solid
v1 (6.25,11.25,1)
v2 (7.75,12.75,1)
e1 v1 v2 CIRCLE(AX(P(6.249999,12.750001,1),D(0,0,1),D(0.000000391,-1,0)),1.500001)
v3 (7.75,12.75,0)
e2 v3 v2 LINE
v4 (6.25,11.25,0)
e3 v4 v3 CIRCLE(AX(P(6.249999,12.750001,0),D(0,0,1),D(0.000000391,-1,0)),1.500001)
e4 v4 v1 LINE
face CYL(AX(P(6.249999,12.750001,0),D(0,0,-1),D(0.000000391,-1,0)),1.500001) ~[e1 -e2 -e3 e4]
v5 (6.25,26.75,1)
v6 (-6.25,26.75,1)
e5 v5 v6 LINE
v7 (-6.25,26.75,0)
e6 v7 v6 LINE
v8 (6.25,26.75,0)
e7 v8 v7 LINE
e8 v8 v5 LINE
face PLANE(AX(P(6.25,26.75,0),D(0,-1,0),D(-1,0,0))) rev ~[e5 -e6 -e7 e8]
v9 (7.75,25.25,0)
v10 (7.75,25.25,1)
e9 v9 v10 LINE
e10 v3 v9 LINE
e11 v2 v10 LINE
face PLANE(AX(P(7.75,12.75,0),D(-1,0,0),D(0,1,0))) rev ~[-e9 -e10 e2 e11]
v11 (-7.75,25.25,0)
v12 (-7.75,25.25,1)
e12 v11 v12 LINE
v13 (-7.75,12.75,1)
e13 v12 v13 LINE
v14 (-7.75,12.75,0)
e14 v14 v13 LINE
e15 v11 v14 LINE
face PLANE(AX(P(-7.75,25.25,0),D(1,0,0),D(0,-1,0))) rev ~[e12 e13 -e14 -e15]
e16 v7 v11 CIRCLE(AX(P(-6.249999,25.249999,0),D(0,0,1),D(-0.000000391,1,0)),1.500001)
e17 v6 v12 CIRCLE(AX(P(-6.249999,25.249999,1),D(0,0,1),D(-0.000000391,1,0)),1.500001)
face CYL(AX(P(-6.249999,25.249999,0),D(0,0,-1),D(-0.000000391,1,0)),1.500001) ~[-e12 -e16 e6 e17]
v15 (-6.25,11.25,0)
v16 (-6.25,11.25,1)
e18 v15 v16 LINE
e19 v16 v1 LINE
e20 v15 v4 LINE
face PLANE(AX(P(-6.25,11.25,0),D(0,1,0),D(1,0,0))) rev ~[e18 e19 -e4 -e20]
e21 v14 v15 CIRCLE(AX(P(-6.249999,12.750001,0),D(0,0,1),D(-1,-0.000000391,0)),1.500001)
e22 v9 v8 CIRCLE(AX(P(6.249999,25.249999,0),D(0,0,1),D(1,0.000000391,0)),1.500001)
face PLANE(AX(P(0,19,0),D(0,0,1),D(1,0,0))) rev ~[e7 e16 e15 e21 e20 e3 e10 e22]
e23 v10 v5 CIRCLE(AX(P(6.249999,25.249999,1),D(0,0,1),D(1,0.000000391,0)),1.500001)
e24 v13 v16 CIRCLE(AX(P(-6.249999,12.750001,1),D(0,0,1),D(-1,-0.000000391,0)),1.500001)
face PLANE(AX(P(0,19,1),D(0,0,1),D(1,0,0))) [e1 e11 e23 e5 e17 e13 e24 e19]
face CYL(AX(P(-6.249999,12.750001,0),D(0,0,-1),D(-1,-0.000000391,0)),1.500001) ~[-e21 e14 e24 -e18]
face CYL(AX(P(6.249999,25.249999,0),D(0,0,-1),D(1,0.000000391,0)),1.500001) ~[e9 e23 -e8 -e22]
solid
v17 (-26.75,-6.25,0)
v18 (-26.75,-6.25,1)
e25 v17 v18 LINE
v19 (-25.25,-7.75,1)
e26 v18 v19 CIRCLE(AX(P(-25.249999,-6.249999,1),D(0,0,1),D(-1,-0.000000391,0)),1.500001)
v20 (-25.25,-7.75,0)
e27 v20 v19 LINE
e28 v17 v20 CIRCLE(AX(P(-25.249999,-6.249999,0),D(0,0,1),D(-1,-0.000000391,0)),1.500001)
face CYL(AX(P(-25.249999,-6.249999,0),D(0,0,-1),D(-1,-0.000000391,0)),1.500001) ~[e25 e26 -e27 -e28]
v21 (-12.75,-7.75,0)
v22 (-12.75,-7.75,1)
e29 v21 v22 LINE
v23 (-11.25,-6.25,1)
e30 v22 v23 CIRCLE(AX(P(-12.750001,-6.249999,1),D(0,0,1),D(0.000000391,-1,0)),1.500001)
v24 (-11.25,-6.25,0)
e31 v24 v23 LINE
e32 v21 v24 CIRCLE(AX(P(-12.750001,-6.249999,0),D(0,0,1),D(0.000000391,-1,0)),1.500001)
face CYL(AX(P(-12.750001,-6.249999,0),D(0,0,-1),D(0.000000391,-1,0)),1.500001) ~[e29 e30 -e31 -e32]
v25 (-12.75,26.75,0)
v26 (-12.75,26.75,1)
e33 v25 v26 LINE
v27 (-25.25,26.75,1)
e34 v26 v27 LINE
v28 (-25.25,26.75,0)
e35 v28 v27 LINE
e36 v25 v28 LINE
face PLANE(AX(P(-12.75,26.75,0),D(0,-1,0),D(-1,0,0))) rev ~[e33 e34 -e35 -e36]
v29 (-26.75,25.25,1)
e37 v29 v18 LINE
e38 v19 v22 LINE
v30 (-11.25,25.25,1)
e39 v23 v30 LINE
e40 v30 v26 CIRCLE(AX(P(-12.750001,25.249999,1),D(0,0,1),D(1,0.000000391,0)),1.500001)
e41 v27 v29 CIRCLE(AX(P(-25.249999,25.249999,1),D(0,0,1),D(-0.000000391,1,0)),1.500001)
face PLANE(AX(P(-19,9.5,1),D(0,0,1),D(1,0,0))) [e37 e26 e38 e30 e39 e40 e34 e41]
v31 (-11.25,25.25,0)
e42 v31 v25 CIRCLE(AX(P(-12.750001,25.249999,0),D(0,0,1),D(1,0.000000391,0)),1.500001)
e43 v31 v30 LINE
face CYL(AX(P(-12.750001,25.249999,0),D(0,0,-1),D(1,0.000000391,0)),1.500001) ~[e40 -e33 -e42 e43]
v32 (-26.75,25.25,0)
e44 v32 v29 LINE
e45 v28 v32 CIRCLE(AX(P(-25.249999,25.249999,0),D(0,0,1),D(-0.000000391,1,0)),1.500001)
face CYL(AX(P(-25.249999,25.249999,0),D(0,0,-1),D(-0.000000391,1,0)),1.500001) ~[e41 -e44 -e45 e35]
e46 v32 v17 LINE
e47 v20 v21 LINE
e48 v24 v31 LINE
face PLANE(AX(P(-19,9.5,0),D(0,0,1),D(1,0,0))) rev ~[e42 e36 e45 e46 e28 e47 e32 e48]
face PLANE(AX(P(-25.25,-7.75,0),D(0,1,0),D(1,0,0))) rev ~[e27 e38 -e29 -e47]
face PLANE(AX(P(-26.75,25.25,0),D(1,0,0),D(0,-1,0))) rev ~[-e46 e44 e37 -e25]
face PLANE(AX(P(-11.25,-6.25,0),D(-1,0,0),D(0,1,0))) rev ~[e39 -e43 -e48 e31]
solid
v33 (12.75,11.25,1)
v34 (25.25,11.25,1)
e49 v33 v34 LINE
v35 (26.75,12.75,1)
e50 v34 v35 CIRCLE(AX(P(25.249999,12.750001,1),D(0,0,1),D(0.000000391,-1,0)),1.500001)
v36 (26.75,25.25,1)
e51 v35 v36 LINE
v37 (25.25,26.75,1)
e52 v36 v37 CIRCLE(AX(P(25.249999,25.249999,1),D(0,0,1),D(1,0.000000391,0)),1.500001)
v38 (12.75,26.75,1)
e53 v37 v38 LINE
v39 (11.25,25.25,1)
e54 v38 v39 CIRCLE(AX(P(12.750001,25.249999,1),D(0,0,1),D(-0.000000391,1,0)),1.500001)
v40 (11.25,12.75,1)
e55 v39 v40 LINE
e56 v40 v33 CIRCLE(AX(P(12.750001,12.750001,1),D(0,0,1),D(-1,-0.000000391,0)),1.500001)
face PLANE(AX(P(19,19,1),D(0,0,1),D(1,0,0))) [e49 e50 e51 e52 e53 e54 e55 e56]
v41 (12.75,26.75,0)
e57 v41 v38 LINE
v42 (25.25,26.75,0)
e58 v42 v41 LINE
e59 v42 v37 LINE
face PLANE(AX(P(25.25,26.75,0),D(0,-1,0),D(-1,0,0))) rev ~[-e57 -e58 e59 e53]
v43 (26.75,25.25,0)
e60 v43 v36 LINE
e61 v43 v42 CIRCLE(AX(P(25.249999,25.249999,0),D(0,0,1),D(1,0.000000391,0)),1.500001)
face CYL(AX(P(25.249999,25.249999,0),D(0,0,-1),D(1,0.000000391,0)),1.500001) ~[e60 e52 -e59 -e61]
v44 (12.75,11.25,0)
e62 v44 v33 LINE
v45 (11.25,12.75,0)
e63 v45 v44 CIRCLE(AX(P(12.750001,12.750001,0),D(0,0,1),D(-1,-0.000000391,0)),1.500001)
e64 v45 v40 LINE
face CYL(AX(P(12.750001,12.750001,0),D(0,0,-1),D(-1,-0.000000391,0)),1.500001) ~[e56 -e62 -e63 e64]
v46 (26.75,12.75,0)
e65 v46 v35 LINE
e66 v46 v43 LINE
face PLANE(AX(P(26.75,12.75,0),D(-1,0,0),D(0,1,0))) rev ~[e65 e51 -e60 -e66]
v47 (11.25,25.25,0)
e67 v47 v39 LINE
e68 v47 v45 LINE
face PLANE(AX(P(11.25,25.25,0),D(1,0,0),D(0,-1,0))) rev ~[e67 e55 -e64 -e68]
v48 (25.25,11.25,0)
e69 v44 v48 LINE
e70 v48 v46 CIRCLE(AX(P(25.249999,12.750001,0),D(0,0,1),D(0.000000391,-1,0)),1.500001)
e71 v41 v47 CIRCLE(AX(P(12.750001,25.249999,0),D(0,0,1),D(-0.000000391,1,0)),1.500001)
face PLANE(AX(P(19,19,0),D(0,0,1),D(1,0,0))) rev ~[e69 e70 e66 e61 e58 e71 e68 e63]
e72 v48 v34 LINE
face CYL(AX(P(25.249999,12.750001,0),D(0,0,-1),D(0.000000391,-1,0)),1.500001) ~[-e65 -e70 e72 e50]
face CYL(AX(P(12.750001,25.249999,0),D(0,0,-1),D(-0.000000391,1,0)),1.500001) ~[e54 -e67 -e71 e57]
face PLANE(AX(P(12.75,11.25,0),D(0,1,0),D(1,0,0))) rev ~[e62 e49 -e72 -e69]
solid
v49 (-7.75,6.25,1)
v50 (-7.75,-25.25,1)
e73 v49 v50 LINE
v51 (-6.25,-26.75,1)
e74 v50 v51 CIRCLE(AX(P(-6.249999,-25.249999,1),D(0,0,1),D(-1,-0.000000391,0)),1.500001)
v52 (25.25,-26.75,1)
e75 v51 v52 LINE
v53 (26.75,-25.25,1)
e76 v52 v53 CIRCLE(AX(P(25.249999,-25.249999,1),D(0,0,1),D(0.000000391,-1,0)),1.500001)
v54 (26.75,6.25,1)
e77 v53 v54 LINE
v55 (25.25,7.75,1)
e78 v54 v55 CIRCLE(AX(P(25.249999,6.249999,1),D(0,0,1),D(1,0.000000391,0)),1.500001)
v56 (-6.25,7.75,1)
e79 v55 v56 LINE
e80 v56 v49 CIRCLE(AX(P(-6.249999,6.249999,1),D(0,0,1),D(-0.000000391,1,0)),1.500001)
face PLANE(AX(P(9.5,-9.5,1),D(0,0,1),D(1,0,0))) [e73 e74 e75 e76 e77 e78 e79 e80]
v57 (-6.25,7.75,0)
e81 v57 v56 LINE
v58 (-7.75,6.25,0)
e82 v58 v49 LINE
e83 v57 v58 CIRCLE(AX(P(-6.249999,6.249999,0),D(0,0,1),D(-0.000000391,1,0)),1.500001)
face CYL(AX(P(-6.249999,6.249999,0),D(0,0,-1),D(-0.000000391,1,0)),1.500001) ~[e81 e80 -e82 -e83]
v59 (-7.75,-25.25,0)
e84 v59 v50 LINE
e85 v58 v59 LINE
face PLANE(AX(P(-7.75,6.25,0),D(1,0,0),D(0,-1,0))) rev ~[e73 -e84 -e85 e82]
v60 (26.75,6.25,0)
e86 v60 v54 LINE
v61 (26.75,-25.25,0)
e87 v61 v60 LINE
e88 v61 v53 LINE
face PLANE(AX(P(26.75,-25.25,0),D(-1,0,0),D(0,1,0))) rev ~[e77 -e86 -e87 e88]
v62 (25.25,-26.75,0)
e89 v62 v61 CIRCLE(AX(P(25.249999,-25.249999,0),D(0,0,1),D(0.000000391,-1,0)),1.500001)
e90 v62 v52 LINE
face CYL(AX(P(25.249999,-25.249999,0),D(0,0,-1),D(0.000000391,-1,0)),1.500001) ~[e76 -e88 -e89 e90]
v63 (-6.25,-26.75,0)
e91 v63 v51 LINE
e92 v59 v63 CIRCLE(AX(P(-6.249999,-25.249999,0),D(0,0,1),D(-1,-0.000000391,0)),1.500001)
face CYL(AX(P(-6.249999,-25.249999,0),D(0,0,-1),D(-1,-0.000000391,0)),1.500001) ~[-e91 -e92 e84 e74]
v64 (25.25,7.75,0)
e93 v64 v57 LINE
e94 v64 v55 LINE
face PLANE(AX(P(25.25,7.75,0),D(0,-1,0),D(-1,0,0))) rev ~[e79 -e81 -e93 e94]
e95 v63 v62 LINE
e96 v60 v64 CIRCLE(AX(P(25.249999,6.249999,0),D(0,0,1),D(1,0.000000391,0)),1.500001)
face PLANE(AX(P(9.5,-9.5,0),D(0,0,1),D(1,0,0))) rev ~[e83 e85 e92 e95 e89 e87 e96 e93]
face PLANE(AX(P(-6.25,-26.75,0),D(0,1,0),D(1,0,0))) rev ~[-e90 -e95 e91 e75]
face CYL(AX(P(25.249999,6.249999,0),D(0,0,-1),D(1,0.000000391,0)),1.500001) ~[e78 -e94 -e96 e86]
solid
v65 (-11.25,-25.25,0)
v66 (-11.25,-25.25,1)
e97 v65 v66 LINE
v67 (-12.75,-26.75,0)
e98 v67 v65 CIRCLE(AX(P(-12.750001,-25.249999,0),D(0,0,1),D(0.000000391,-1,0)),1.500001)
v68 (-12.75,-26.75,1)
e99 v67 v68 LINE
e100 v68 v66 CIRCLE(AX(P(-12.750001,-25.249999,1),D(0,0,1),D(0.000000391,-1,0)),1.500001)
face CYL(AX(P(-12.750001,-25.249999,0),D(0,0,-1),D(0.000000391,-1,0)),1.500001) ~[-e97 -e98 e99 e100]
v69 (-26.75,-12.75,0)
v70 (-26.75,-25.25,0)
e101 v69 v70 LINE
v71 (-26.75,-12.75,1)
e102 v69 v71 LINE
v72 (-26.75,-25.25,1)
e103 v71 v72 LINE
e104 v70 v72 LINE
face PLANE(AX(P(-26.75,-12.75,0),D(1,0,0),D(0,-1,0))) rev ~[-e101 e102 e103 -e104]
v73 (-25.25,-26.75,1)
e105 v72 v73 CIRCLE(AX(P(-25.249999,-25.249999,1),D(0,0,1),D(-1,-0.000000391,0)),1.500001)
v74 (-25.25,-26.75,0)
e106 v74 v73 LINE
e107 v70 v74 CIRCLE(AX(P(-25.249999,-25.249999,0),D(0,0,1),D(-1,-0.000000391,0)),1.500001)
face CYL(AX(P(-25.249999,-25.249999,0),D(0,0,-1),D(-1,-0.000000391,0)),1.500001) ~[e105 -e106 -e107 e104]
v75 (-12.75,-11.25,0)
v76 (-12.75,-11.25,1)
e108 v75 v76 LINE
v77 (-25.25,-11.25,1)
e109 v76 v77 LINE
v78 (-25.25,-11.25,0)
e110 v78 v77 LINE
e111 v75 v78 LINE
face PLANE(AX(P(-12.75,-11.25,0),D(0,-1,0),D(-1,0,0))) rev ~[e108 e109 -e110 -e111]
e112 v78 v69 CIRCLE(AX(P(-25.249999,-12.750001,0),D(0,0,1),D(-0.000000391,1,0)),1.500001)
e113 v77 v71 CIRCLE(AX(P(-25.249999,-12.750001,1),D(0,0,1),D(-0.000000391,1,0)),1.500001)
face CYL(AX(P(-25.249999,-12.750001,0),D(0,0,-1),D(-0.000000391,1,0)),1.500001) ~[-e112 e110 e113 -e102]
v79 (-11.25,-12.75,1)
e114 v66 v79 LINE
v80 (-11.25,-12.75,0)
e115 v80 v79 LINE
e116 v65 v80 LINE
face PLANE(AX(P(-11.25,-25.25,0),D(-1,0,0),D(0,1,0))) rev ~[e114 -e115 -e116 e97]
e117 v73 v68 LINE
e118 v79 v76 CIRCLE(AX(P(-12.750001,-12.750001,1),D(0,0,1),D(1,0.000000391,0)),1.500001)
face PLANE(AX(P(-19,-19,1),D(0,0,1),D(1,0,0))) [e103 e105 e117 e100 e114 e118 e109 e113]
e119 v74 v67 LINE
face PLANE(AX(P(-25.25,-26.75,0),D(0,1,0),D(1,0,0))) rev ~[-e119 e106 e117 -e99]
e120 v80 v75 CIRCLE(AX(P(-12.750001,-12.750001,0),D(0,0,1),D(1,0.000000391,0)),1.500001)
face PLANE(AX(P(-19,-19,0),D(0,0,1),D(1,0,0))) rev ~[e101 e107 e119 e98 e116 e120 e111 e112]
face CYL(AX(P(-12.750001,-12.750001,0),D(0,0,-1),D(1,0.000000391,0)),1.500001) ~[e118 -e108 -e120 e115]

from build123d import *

# Parameters (mm, degrees)
F1_DEPTH = 1


with BuildPart() as f1:
    # F0 (on Top) → F1 (new body)
    with BuildSketch(Plane.XY):
        with BuildLine():
            Line((-12.75, -11.25), (-25.25, -11.25))
            ThreePointArc((-25.25, -11.25), (-26.31066, -11.68934), (-26.75, -12.75))
            Line((-26.75, -12.75), (-26.75, -25.25))
            ThreePointArc((-26.75, -25.25), (-26.31066, -26.31066), (-25.25, -26.75))
            Line((-25.25, -26.75), (-12.75, -26.75))
            ThreePointArc((-12.75, -26.75), (-11.68934, -26.31066), (-11.25, -25.25))
            Line((-11.25, -25.25), (-11.25, -12.75))
            ThreePointArc((-11.25, -12.75), (-11.68934, -11.68934), (-12.75, -11.25))
        make_face()
        with BuildLine():
            ThreePointArc((-7.75, -25.25), (-7.31066, -26.31066), (-6.25, -26.75))
            Line((-6.25, -26.75), (6.25, -26.75))
            Line((6.25, -26.75), (12.75, -26.75))
            Line((12.75, -26.75), (25.25, -26.75))
            ThreePointArc((25.25, -26.75), (26.31066, -26.31066), (26.75, -25.25))
            Line((26.75, -25.25), (26.75, -12.75))
            Line((26.75, -12.75), (26.75, -6.25))
            Line((26.75, -6.25), (26.75, 6.25))
            ThreePointArc((26.75, 6.25), (26.31066, 7.31066), (25.25, 7.75))
            Line((25.25, 7.75), (12.75, 7.75))
            Line((12.75, 7.75), (6.25, 7.75))
            Line((6.25, 7.75), (-6.25, 7.75))
            ThreePointArc((-6.25, 7.75), (-7.31066, 7.31066), (-7.75, 6.25))
            Line((-7.75, 6.25), (-7.75, -6.25))
            Line((-7.75, -6.25), (-7.75, -12.75))
            Line((-7.75, -12.75), (-7.75, -25.25))
        make_face()
        with BuildLine():
            ThreePointArc((26.75, 25.25), (26.31066, 26.31066), (25.25, 26.75))
            Line((25.25, 26.75), (12.75, 26.75))
            ThreePointArc((12.75, 26.75), (11.68934, 26.31066), (11.25, 25.25))
            Line((11.25, 25.25), (11.25, 12.75))
            ThreePointArc((11.25, 12.75), (11.68934, 11.68934), (12.75, 11.25))
            Line((12.75, 11.25), (25.25, 11.25))
            ThreePointArc((25.25, 11.25), (26.31066, 11.68934), (26.75, 12.75))
            Line((26.75, 12.75), (26.75, 25.25))
        make_face()
        with BuildLine():
            Line((-7.75, 25.25), (-7.75, 12.75))
            ThreePointArc((-7.75, 12.75), (-7.31066, 11.68934), (-6.25, 11.25))
            Line((-6.25, 11.25), (6.25, 11.25))
            ThreePointArc((6.25, 11.25), (7.31066, 11.68934), (7.75, 12.75))
            Line((7.75, 12.75), (7.75, 25.25))
            ThreePointArc((7.75, 25.25), (7.31066, 26.31066), (6.25, 26.75))
            Line((6.25, 26.75), (-6.25, 26.75))
            ThreePointArc((-6.25, 26.75), (-7.31066, 26.31066), (-7.75, 25.25))
        make_face()
        with BuildLine():
            ThreePointArc((-25.25, 26.75), (-26.31066, 26.31066), (-26.75, 25.25))
            Line((-26.75, 25.25), (-26.75, 12.75))
            Line((-26.75, 12.75), (-26.75, 6.25))
            Line((-26.75, 6.25), (-26.75, -6.25))
            ThreePointArc((-26.75, -6.25), (-26.31066, -7.31066), (-25.25, -7.75))
            Line((-25.25, -7.75), (-12.75, -7.75))
            ThreePointArc((-12.75, -7.75), (-11.68934, -7.31066), (-11.25, -6.25))
            Line((-11.25, -6.25), (-11.25, 6.25))
            Line((-11.25, 6.25), (-11.25, 12.75))
            Line((-11.25, 12.75), (-11.25, 25.25))
            ThreePointArc((-11.25, 25.25), (-11.68934, 26.31066), (-12.75, 26.75))
            Line((-12.75, 26.75), (-25.25, 26.75))
        make_face()
    extrude(amount=F1_DEPTH)


solid = f1.part
